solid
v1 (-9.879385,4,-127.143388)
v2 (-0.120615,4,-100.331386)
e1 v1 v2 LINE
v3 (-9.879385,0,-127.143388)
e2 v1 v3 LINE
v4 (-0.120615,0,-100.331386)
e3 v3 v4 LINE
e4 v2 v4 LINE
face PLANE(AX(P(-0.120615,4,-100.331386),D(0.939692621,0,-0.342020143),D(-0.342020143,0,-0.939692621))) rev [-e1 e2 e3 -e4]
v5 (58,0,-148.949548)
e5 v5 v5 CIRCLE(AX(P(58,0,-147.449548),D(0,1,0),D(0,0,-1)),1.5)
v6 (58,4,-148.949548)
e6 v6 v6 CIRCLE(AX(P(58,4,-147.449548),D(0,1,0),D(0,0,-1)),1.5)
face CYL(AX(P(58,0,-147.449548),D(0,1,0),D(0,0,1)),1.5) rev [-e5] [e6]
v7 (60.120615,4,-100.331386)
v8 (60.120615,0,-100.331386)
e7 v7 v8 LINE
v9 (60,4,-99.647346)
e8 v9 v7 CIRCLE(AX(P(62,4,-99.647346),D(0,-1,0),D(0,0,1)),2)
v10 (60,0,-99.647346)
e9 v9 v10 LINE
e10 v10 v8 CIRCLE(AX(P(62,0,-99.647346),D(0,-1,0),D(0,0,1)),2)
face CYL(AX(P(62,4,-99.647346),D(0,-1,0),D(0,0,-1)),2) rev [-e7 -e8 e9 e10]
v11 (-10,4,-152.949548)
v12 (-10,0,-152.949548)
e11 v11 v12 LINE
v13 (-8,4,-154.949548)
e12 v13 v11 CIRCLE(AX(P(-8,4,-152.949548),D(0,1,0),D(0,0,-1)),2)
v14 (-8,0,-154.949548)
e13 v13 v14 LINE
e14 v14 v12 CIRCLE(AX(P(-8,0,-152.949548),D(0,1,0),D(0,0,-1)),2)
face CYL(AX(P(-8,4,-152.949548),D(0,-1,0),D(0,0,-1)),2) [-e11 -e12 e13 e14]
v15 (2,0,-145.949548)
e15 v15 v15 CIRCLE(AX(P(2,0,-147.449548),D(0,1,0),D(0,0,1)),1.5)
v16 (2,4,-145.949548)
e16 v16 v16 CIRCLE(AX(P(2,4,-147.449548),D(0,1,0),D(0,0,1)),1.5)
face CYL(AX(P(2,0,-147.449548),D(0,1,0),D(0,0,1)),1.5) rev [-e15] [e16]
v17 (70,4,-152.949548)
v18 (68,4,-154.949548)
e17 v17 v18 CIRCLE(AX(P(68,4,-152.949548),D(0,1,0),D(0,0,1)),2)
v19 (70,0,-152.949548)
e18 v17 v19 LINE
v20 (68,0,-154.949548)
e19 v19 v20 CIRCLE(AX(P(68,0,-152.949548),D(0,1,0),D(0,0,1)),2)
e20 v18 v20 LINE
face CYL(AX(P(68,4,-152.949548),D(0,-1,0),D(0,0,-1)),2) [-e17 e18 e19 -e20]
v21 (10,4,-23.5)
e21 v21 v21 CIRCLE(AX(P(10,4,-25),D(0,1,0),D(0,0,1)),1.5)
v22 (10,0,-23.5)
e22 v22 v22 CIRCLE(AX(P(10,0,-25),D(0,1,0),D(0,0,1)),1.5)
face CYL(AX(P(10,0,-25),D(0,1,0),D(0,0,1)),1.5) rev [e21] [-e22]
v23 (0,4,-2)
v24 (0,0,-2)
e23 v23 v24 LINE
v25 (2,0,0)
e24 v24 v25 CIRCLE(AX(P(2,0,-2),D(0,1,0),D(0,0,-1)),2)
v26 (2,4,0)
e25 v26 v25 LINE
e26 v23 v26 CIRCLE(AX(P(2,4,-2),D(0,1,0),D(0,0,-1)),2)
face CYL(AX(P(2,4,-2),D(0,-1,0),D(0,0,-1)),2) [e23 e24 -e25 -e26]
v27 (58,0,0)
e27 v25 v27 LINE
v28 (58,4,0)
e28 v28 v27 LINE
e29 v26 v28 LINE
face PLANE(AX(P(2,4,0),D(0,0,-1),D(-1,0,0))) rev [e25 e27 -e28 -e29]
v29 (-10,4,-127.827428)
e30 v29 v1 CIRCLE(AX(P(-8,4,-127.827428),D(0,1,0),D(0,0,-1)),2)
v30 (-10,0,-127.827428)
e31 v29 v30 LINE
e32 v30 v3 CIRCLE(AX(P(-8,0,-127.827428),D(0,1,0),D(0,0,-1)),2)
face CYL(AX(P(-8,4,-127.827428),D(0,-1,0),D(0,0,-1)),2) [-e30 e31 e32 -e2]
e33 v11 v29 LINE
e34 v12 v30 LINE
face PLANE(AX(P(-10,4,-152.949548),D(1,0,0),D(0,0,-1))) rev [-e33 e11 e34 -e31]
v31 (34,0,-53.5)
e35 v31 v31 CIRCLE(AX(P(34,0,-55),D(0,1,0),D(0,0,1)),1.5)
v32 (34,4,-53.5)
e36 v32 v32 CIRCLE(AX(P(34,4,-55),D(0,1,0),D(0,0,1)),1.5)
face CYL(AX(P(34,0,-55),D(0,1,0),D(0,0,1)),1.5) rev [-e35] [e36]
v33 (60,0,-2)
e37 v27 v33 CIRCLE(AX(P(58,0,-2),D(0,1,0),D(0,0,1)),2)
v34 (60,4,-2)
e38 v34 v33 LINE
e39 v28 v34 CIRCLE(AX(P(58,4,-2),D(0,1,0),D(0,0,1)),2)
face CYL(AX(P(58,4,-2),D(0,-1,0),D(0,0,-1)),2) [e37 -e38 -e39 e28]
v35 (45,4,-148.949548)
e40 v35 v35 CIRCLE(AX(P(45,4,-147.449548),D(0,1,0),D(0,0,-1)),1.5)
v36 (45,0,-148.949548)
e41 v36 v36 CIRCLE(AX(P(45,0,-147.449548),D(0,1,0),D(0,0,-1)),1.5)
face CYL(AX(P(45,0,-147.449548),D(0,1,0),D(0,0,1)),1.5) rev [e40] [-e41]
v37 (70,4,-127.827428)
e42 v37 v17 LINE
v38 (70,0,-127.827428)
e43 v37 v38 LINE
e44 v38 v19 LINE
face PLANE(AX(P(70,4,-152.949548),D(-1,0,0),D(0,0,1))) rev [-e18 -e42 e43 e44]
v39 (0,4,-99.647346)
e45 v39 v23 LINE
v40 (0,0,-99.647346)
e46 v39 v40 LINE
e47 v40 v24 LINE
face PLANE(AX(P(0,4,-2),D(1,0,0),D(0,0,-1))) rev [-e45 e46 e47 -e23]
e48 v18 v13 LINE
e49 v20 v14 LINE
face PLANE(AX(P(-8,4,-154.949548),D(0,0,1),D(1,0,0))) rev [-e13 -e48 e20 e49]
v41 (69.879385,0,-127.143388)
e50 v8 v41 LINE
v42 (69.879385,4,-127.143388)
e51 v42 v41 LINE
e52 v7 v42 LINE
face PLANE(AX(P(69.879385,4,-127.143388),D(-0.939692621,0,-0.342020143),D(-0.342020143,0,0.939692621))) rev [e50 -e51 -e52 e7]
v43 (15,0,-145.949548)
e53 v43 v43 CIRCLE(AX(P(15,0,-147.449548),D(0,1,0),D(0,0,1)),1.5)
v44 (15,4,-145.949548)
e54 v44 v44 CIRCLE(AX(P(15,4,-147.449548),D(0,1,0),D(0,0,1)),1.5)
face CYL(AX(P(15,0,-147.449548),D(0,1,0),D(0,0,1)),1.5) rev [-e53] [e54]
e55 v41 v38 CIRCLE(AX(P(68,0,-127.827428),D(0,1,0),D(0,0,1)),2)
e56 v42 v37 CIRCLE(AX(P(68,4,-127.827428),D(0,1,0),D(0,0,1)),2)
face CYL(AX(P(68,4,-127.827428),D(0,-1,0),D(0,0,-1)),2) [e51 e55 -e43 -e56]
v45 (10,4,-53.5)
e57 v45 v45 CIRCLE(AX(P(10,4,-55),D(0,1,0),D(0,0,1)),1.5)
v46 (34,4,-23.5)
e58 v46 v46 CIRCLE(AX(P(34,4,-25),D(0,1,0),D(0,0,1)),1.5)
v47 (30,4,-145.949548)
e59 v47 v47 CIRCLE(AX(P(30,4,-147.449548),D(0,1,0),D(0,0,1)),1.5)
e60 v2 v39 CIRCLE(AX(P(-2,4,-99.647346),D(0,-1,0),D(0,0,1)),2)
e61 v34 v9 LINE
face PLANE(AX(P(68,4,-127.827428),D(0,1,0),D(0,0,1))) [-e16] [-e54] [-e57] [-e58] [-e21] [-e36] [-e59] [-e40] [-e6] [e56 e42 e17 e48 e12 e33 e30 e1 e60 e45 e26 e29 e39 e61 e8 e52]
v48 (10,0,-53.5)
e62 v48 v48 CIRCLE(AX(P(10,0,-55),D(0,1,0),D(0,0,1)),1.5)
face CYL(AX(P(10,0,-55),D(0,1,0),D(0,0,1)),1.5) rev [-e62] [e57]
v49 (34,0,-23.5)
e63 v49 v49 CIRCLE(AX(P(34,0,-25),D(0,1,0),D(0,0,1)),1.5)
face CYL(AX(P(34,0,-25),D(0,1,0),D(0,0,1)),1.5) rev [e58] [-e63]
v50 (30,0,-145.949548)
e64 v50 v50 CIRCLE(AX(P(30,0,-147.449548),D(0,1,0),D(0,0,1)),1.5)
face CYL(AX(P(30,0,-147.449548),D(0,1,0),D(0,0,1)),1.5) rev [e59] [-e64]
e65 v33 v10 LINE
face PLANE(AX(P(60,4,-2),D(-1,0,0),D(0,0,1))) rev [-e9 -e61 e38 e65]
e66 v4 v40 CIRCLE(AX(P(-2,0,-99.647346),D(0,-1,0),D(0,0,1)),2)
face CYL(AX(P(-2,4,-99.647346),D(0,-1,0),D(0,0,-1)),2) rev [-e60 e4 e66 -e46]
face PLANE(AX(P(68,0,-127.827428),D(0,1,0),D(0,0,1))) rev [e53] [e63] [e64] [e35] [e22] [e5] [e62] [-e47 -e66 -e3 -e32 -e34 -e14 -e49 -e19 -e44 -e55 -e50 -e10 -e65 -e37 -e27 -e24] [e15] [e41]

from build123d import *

# Parameters (mm, degrees)
EXTRUDE_1_DEPTH     = 4
SKETCH_2_R          = 1.5
CUT_EXTRUDE_1_DEPTH = 4
SKETCH_3_R          = 1.5
CUT_EXTRUDE_2_DEPTH = 4


with BuildPart() as part:
    # 草图1 → 凸台-拉伸1 (new body)
    with BuildSketch(Plane(origin=(0, 0, 0), x_dir=(1, 0, 0), z_dir=(0, 1, 0))):
        with BuildLine():
            Line((-0.120614758, 100.331386325), (-9.879385242, 127.143387869))
            ThreePointArc((-9.879385242, 127.143387869), (-9.969615506, 127.480131801), (-10, 127.827428156))
            Line((-10, 127.827428156), (-10, 152.949548389))
            ThreePointArc((-10, 152.949548389), (-9.414213562, 154.363761951), (-8, 154.949548389))
            Line((-8, 154.949548389), (68, 154.949548389))
            ThreePointArc((68, 154.949548389), (69.414213562, 154.363761951), (70, 152.949548389))
            Line((70, 152.949548389), (70, 127.827428156))
            ThreePointArc((70, 127.827428156), (69.969615506, 127.480131801), (69.879385242, 127.143387869))
            Line((69.879385242, 127.143387869), (60.120614758, 100.331386325))
            ThreePointArc((60.120614758, 100.331386325), (60.030384494, 99.994642394), (60, 99.647346039))
            Line((60, 99.647346039), (60, 2))
            ThreePointArc((60, 2), (59.414213562, 0.585786438), (58, 0))
            Line((58, 0), (2, 0))
            ThreePointArc((2, 0), (0.585786438, 0.585786438), (0, 2))
            Line((0, 2), (0, 99.647346039))
            ThreePointArc((0, 99.647346039), (-0.030384494, 99.994642394), (-0.120614758, 100.331386325))
        make_face()
    extrude(amount=EXTRUDE_1_DEPTH)

    # 草图2 → 切除-拉伸1 (cut)
    with BuildSketch(Plane(origin=(0, 4, 0), x_dir=(1, 0, 0), z_dir=(0, 1, 0))):
        with Locations(Location((10, 25, 0), (0, 0, 270))):
            Circle(SKETCH_2_R)
        with Locations(Location((34, 25, 0), (0, 0, 270))):
            Circle(SKETCH_2_R)
        with Locations(Location((34, 55, 0), (0, 0, 270))):
            Circle(SKETCH_2_R)
        with Locations(Location((10, 55, 0), (0, 0, 270))):
            Circle(SKETCH_2_R)
    extrude(amount=-CUT_EXTRUDE_1_DEPTH, mode=Mode.SUBTRACT)

    # 草图3 → 切除-拉伸2 (cut)
    with BuildSketch(Plane(origin=(0, 4, 0), x_dir=(1, 0, 0), z_dir=(0, 1, 0))):
        with Locations(Location((2, 147.449548389, 0), (0, 0, 270))):
            Circle(SKETCH_3_R)
        with Locations(Location((15, 147.449548389, 0), (0, 0, 270))):
            Circle(SKETCH_3_R)
        with Locations(Location((45, 147.449548389, 0), (0, 0, 90))):
            Circle(SKETCH_3_R)
        with Locations(Location((58, 147.449548389, 0), (0, 0, 90))):
            Circle(SKETCH_3_R)
        with Locations(Location((30, 147.449548389, 0), (0, 0, 270))):
            Circle(SKETCH_3_R)
    extrude(amount=-CUT_EXTRUDE_2_DEPTH, mode=Mode.SUBTRACT)


solid = part.part
